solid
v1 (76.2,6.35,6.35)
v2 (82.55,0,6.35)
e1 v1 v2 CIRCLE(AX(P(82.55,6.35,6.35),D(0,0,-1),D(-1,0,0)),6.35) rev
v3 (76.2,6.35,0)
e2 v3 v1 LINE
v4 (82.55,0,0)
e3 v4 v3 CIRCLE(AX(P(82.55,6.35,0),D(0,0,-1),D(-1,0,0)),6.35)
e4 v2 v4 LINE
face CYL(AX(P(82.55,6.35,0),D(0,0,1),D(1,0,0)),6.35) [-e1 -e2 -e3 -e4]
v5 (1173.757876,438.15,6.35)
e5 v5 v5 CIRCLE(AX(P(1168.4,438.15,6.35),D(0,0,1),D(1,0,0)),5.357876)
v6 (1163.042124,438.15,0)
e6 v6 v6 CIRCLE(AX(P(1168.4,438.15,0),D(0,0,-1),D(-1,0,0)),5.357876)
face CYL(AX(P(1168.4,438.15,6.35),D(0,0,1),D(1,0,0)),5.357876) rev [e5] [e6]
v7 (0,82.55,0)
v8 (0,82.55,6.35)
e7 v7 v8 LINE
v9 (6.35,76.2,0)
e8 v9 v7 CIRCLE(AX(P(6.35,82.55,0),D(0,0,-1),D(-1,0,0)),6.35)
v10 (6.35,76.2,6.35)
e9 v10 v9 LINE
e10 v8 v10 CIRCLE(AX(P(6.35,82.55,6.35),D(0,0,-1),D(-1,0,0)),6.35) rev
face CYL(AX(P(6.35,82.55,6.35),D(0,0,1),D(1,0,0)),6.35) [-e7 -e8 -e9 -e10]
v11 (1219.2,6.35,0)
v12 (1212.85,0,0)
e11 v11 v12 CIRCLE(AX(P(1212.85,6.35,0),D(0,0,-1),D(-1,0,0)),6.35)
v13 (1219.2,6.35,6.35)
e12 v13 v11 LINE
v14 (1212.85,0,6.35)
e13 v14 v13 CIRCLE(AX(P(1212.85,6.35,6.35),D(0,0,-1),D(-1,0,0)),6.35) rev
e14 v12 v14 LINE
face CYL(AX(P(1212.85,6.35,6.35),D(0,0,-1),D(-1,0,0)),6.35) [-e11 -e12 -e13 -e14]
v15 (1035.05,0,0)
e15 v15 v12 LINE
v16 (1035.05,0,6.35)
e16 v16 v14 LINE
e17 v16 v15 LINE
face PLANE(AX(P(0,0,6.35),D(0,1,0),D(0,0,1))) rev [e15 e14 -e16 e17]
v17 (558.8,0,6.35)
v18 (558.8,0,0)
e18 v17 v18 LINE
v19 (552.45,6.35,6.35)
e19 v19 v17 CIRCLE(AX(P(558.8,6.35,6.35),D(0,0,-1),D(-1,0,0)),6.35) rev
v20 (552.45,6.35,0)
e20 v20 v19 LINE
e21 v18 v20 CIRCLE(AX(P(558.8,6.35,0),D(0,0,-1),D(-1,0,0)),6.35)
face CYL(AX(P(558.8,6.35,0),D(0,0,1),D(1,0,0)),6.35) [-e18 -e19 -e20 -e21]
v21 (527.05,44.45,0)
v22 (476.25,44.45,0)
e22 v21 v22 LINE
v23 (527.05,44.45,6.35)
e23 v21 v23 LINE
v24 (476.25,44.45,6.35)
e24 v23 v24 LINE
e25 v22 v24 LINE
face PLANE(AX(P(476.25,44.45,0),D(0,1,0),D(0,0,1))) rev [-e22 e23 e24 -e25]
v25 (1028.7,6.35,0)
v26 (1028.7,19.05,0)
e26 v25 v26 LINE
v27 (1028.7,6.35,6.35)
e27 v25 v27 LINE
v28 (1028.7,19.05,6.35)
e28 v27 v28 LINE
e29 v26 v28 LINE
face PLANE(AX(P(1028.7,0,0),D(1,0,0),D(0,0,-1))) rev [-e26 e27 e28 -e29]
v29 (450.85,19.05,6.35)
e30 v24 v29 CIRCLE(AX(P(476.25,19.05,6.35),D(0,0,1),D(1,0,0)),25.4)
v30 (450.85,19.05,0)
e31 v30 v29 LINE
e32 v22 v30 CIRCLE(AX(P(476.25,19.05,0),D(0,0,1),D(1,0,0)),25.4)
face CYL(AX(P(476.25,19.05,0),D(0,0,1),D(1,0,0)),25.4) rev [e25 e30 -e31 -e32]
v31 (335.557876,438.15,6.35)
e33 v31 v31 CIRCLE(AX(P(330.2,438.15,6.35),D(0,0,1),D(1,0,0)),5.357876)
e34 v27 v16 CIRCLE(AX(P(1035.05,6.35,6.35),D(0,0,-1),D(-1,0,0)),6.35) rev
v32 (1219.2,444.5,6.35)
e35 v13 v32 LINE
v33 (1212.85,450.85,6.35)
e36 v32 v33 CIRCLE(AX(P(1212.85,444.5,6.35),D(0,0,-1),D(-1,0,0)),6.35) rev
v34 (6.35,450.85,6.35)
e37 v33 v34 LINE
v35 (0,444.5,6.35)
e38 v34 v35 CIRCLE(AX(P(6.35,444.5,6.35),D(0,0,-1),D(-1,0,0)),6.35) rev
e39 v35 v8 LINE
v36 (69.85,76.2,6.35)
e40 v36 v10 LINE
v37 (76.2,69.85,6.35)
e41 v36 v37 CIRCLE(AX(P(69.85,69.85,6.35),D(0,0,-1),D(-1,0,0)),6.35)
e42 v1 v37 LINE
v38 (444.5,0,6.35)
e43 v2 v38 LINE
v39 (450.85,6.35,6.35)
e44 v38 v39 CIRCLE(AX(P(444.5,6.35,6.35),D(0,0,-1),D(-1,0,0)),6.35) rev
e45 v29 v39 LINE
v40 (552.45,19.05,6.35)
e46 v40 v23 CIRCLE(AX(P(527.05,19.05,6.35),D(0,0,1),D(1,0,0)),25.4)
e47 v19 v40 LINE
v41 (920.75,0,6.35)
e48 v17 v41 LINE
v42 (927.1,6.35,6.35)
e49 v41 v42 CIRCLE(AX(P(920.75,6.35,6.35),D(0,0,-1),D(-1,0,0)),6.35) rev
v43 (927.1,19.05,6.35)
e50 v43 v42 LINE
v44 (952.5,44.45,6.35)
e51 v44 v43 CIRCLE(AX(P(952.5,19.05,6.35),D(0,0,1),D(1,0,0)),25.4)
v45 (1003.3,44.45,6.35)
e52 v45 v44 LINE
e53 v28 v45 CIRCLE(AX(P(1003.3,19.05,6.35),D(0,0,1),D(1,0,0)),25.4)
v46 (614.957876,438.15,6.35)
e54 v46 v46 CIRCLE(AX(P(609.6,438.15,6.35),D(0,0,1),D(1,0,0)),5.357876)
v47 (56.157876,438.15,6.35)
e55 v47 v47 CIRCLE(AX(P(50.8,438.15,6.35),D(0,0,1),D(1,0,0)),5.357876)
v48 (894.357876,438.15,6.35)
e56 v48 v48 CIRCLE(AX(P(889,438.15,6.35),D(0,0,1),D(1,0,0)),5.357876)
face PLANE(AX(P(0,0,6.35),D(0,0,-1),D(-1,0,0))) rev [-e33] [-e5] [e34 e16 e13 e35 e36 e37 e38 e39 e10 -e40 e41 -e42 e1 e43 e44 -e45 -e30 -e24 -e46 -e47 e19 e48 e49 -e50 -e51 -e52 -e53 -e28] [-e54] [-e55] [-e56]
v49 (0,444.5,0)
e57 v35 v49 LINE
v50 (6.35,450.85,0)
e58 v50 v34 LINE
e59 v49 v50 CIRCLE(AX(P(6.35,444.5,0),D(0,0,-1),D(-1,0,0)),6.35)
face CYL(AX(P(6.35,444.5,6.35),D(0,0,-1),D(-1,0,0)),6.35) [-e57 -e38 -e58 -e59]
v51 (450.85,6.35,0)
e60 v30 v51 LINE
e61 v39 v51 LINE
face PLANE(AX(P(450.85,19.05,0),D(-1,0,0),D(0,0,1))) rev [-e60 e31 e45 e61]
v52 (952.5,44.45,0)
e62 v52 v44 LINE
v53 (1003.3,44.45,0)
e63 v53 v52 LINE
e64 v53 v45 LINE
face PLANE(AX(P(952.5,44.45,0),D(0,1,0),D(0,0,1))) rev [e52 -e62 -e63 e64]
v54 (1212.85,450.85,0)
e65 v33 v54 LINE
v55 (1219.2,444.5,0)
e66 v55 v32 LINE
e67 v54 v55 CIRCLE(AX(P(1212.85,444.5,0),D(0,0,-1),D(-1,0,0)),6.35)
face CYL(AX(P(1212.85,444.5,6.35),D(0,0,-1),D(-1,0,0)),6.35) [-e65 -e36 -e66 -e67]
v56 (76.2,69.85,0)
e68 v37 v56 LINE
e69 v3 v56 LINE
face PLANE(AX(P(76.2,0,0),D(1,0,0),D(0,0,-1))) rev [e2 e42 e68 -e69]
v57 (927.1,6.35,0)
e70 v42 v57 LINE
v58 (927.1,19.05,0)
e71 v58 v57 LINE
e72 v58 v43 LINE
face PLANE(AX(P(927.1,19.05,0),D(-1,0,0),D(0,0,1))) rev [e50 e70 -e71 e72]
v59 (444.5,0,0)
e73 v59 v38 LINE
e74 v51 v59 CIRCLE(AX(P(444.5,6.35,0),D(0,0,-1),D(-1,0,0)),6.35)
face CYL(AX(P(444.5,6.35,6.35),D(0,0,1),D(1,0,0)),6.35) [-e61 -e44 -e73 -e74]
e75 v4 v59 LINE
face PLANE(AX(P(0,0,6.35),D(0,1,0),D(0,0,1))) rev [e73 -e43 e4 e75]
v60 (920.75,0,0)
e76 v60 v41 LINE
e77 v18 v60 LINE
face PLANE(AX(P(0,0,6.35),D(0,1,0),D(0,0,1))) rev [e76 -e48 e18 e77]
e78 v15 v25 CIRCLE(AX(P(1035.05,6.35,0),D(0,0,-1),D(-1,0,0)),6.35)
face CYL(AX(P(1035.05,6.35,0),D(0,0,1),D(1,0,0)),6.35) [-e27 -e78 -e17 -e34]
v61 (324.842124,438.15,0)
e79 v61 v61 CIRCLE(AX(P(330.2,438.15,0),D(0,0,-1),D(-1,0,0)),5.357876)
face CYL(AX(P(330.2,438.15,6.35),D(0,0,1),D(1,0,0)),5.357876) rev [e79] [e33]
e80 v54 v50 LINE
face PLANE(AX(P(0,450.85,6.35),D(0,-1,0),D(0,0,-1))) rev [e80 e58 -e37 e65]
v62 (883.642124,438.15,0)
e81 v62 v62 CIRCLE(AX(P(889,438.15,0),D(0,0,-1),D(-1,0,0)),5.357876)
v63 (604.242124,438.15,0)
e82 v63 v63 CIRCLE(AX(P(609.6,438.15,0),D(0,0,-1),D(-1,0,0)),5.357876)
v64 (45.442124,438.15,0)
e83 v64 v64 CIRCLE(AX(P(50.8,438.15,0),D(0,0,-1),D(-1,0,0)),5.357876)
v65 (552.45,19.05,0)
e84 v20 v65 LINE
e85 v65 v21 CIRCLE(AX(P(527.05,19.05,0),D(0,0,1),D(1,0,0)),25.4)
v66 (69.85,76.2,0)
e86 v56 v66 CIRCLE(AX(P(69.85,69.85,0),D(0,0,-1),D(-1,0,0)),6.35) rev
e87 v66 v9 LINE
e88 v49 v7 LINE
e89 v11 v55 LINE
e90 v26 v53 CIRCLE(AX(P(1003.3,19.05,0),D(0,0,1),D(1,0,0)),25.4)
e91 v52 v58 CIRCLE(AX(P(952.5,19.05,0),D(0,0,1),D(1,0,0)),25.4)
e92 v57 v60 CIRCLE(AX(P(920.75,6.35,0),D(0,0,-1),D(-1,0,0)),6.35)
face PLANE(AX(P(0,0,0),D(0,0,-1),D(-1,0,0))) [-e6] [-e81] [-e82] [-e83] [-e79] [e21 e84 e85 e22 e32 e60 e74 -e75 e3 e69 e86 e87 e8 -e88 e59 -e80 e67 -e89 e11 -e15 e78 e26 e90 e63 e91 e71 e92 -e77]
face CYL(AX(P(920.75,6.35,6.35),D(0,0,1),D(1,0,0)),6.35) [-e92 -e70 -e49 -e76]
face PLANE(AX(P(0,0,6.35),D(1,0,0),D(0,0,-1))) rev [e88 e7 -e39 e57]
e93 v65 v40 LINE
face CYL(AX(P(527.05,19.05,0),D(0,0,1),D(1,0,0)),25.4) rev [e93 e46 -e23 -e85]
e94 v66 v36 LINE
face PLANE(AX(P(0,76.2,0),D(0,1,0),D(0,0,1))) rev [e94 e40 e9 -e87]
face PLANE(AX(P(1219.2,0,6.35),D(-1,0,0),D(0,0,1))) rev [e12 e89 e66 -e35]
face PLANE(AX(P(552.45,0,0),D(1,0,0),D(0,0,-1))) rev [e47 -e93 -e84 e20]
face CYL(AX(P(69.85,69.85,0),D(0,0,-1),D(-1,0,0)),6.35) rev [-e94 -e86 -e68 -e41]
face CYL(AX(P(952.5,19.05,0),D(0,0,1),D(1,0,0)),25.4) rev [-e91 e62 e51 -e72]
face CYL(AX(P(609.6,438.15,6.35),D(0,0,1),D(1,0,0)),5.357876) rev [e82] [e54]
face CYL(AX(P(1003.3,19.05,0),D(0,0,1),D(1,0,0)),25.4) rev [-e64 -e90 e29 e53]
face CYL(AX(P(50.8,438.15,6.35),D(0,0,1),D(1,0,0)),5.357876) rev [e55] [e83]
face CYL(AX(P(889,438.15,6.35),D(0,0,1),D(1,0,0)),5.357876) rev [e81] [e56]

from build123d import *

# Parameters (mm, degrees)
SKETCH1_W                        = 1219.2
SKETCH1_H                        = 450.85
BOSS_EXTRUDE1_DEPTH              = 6.35
CUT_EXTRUDE1_DEPTH               = 1300.905644653
LPATTERN1_COUNT                  = 2
LPATTERN1_PITCH                  = 476.25
SKETCH3_W                        = 76.2
SKETCH3_H                        = 76.2
CUT_EXTRUDE2_DEPTH               = 1300.905644653
FILLET1_R                        = 6.35
F_27_64_0_42188_DIAMETER_HOLE1_D = 10.715752
FILLET2_R                        = 6.35


with BuildPart() as part:
    # Sketch1 → Boss-Extrude1 (new body)
    with BuildSketch(Plane.XY):
        with Locations((609.6, 225.425)):
            Rectangle(SKETCH1_W, SKETCH1_H)
    extrude(amount=BOSS_EXTRUDE1_DEPTH)

    # Sketch2 → Cut-Extrude1 (cut, through all)
    with BuildSketch(Plane.XY.offset(6.35)):
        with BuildLine():
            Line((450.85, 19.05), (450.85, 0))
            Line((450.85, 0), (552.45, 0))
            Line((552.45, 0), (552.45, 19.05))
            ThreePointArc((552.45, 19.05), (545.010512242, 37.010512242), (527.05, 44.45))
            Line((527.05, 44.45), (476.25, 44.45))
            ThreePointArc((476.25, 44.45), (458.289487758, 37.010512242), (450.85, 19.05))
        make_face()
    cut_extrude1 = extrude(amount=-CUT_EXTRUDE1_DEPTH, mode=Mode.SUBTRACT)

    # LPattern1: Cut-Extrude1 ×2
    with Locations(*[(i * LPATTERN1_PITCH, 0, 0) for i in range(1, LPATTERN1_COUNT)]):
        add(cut_extrude1, mode=Mode.SUBTRACT)

    # Sketch3 → Cut-Extrude2 (cut, through all)
    with BuildSketch(Plane.XY.offset(6.35)):
        with Locations((38.1, 38.1)):
            Rectangle(SKETCH3_W, SKETCH3_H)
    extrude(amount=-CUT_EXTRUDE2_DEPTH, mode=Mode.SUBTRACT)

    # Fillet1
    fillet1_edges = [part.edges().sort_by_distance(p)[0] for p in [
        (76.2, 76.2, 3.175),
    ]]
    fillet(fillet1_edges, radius=FILLET1_R)

    # 27/64 (0.42188) Diameter Hole1 (through all)
    with Locations(Plane.XY.offset(6.35)):
        with Locations((50.8, 438.15), (330.2, 438.15), (609.6, 438.15), (889, 438.15), (1168.4, 438.15)):
            Hole(F_27_64_0_42188_DIAMETER_HOLE1_D / 2)

    # Fillet2
    fillet2_edges = [part.edges().sort_by_distance(p)[0] for p in [
        (552.45, 0, 3.175),
        (450.85, 0, 3.175),
        (1028.7, 0, 3.175),
        (927.1, 0, 3.175),
        (0, 76.2, 3.175),
        (76.2, 0, 3.175),
        (0, 450.85, 3.175),
        (1219.2, 450.85, 3.175),
        (1219.2, 0, 3.175),
    ]]
    fillet(fillet2_edges, radius=FILLET2_R)


solid = part.part
